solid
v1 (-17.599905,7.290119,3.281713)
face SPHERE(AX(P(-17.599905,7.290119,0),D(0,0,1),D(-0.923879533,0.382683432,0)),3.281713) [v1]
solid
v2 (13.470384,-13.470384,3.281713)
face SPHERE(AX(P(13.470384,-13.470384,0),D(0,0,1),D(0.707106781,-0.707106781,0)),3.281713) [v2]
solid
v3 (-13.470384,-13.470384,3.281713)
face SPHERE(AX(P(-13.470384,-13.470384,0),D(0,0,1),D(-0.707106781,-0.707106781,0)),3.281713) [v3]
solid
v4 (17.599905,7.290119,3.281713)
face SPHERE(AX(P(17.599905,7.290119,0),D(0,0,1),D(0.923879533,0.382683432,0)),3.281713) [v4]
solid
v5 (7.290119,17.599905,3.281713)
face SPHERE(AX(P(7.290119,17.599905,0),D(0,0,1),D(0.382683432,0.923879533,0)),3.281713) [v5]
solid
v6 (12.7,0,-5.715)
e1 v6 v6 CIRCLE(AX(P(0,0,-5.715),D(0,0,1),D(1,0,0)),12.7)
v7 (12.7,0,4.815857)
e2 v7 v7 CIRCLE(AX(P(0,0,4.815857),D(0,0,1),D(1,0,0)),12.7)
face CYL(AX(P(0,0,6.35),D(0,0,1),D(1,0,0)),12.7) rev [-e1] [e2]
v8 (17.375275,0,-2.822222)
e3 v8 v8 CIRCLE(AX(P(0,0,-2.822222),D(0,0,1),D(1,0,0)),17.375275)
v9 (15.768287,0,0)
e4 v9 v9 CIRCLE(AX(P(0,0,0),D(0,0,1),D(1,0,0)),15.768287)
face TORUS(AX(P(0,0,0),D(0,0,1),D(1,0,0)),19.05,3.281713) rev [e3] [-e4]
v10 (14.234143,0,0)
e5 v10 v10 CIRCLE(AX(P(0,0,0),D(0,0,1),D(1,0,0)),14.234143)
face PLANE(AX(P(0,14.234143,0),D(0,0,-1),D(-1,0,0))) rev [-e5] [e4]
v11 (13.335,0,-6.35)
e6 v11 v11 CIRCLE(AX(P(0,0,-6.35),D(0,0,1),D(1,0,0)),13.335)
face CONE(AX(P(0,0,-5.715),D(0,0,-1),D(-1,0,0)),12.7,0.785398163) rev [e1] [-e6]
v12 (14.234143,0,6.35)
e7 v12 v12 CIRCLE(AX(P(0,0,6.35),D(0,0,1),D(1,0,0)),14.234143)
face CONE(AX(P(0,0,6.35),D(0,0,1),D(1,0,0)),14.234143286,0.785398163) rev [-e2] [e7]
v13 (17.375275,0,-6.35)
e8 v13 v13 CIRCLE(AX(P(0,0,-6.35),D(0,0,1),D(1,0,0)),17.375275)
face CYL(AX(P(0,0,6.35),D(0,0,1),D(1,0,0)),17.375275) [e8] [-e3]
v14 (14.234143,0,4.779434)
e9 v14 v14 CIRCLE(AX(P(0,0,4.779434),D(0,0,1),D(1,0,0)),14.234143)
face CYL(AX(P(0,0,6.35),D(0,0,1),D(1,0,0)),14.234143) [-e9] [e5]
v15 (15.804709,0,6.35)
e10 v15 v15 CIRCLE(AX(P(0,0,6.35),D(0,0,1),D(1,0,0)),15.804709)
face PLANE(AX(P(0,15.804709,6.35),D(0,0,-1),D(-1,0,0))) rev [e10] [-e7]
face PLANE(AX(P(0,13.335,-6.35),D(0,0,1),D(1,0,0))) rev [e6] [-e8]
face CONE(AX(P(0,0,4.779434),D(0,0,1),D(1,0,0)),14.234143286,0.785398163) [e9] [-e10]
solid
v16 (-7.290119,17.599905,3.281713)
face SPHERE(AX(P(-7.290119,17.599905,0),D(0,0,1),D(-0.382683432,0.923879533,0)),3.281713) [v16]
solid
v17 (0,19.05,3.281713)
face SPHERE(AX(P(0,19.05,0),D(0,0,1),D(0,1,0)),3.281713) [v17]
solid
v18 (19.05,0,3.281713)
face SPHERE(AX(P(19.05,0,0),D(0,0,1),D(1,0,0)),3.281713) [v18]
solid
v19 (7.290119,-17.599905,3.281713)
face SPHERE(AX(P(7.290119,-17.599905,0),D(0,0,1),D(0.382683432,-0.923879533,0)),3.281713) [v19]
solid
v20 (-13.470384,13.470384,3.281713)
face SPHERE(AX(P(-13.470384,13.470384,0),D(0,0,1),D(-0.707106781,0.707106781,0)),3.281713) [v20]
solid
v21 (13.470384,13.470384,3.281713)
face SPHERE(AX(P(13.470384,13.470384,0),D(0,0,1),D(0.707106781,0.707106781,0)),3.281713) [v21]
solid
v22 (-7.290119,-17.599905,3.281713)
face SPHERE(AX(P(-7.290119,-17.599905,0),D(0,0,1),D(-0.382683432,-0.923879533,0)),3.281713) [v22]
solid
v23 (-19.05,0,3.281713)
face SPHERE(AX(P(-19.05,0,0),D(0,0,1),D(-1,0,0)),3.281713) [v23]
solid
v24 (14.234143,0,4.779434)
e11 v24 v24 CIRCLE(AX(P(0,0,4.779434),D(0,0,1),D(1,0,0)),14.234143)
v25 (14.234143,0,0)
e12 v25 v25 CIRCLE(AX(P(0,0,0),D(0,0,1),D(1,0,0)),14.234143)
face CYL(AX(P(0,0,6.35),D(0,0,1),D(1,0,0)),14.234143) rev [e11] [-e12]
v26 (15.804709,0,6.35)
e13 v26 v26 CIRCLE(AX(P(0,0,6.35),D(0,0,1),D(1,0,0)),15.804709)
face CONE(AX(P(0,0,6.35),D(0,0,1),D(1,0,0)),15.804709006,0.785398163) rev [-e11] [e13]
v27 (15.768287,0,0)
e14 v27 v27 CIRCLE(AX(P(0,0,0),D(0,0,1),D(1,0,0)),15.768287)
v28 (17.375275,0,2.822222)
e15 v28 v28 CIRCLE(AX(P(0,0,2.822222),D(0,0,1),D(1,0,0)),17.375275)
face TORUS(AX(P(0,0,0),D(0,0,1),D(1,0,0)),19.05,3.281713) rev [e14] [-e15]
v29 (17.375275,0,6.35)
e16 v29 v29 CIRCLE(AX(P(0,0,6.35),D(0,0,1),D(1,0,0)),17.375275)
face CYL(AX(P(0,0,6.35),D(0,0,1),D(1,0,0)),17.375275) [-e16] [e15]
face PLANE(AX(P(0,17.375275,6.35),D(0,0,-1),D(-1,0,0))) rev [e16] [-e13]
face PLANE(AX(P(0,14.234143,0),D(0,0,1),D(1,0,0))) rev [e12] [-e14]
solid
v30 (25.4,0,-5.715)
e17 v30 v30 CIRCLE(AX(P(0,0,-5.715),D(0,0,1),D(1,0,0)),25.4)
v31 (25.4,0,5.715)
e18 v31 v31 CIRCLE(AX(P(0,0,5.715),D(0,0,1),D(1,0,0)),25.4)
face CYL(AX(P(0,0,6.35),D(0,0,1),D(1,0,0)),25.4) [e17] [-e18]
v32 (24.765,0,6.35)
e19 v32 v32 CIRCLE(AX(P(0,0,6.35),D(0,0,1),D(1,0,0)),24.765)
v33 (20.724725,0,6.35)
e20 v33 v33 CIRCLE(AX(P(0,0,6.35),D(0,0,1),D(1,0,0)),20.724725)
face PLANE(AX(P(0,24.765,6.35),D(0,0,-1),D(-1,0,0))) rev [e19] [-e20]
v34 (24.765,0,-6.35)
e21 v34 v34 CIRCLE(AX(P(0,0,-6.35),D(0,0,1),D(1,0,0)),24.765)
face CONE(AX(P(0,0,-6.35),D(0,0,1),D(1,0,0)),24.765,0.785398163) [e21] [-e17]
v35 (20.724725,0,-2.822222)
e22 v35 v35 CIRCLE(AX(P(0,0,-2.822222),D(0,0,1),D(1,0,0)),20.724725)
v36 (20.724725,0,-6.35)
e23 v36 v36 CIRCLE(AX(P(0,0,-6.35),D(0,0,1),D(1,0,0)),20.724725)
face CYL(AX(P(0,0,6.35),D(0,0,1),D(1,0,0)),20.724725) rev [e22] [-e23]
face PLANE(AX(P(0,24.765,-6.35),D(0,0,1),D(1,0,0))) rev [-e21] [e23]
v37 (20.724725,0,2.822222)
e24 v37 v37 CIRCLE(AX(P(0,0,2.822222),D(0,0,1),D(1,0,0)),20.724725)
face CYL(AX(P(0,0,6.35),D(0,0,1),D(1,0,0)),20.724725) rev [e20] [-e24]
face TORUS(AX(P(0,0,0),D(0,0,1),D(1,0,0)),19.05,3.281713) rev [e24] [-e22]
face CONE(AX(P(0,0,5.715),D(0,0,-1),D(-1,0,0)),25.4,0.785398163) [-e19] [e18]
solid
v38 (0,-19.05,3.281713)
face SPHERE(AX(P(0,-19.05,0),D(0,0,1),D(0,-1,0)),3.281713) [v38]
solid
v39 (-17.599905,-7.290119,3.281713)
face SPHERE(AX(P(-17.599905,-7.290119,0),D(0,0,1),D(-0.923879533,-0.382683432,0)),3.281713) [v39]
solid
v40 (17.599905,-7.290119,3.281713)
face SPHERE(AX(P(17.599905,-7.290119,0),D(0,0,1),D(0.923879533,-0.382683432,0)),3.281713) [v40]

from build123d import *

# Parameters (mm, degrees)
CIRPATTERN1_COUNT = 16


with BuildPart() as part:
    # Sketch1 → Revolve1 (revolve)
    with BuildSketch(Plane(origin=(0, 0, 0), x_dir=(0, 0, -1), z_dir=(1, 0, 0)), mode=Mode.PRIVATE) as revolve1_sk:
        with BuildLine():
            Line((5.715, 25.4), (-5.715, 25.4))
            Line((-5.715, 25.4), (-6.35, 24.765))
            Line((-6.35, 24.765), (-6.35, 20.724725275))
            Line((-6.35, 20.724725275), (-2.822222222, 20.724725275))
            ThreePointArc((-2.822222222, 20.724725275), (0, 22.331713427), (2.822222222, 20.724725275))
            Line((2.822222222, 20.724725275), (6.35, 20.724725275))
            Line((6.35, 20.724725275), (6.35, 24.765))
            Line((6.35, 24.765), (5.715, 25.4))
        make_face()
    revolve(revolve1_sk.sketch.rotate(Axis((0, 0, 6.35), (0, 0, -1)), 90), axis=Axis((0, 0, 6.35), (0, 0, -1)))  # turned: the seam where the file's is


with BuildPart() as body_2:
    # Sketch2 → Revolve2 (revolve)
    with BuildSketch(Plane(origin=(0, 0, 0), x_dir=(0, 0, -1), z_dir=(1, 0, 0)), mode=Mode.PRIVATE) as revolve2_sk:
        with BuildLine():
            Line((-6.35, 17.375274725), (-2.822222222, 17.375274725))
            ThreePointArc((-2.822222222, 17.375274725), (-1.623834135, 16.198192552), (0, 15.768286573))
            Line((0, 15.768286573), (0, 14.234143286))
            Line((0, 14.234143286), (-4.779434281, 14.234143286))
            Line((-4.779434281, 14.234143286), (-6.35, 15.804709006))
            Line((-6.35, 15.804709006), (-6.35, 17.375274725))
        make_face()
    revolve(revolve2_sk.sketch.rotate(Axis((0, 0, 6.35), (0, 0, -1)), 90), axis=Axis((0, 0, 6.35), (0, 0, -1)))  # turned: the seam where the file's is


with BuildPart() as body_3:
    # Sketch3 → Revolve3 (revolve)
    with BuildSketch(Plane(origin=(0, 0, 0), x_dir=(0, 0, -1), z_dir=(1, 0, 0)), mode=Mode.PRIVATE) as revolve3_sk:
        with BuildLine():
            Line((-6.35, 15.804709006), (-4.779434281, 14.234143286))
            Line((-4.779434281, 14.234143286), (0, 14.234143286))
            Line((0, 14.234143286), (0, 15.768286573))
            ThreePointArc((0, 15.768286573), (1.623834135, 16.198192552), (2.822222222, 17.375274725))
            Line((2.822222222, 17.375274725), (6.35, 17.375274725))
            Line((6.35, 17.375274725), (6.35, 13.335))
            Line((6.35, 13.335), (5.715, 12.7))
            Line((5.715, 12.7), (-4.815856714, 12.7))
            Line((-4.815856714, 12.7), (-6.35, 14.234143286))
            Line((-6.35, 14.234143286), (-6.35, 15.804709006))
        make_face()
    revolve(revolve3_sk.sketch.rotate(Axis((0, 0, 6.35), (0, 0, -1)), 90), axis=Axis((0, 0, 6.35), (0, 0, -1)))  # turned: the seam where the file's is


with BuildPart() as body_4:
    # Sketch4 → Revolve4 (revolve)
    with BuildSketch(Plane(origin=(0, 0, 0), x_dir=(0, 0, -1), z_dir=(1, 0, 0))):
        with BuildLine():
            Line((-3.281713427, 19.05), (3.281713427, 19.05))
            ThreePointArc((3.281713427, 19.05), (0, 22.331713427), (-3.281713427, 19.05))
        make_face()
    revolve(axis=Axis((0, 19.05, 3.281713427), (0, 0, -1)))


with BuildPart() as cirpattern1_1:
    # CirPattern1: pattern copy
    add(body_4.part.rotate(Axis((0, 0, 0), (0, 0, 1)), 1 * 360 / CIRPATTERN1_COUNT))


with BuildPart() as cirpattern1_2:
    # CirPattern1: pattern copy
    add(body_4.part.rotate(Axis((0, 0, 0), (0, 0, 1)), 2 * 360 / CIRPATTERN1_COUNT))


with BuildPart() as cirpattern1_3:
    # CirPattern1: pattern copy
    add(body_4.part.rotate(Axis((0, 0, 0), (0, 0, 1)), 3 * 360 / CIRPATTERN1_COUNT))


with BuildPart() as cirpattern1_4:
    # CirPattern1: pattern copy
    add(body_4.part.rotate(Axis((0, 0, 0), (0, 0, 1)), 4 * 360 / CIRPATTERN1_COUNT))


with BuildPart() as cirpattern1_5:
    # CirPattern1: pattern copy
    add(body_4.part.rotate(Axis((0, 0, 0), (0, 0, 1)), 5 * 360 / CIRPATTERN1_COUNT))


with BuildPart() as cirpattern1_6:
    # CirPattern1: pattern copy
    add(body_4.part.rotate(Axis((0, 0, 0), (0, 0, 1)), 6 * 360 / CIRPATTERN1_COUNT))


with BuildPart() as cirpattern1_7:
    # CirPattern1: pattern copy
    add(body_4.part.rotate(Axis((0, 0, 0), (0, 0, 1)), 7 * 360 / CIRPATTERN1_COUNT))


with BuildPart() as cirpattern1_8:
    # CirPattern1: pattern copy
    add(body_4.part.rotate(Axis((0, 0, 0), (0, 0, 1)), 8 * 360 / CIRPATTERN1_COUNT))


with BuildPart() as cirpattern1_9:
    # CirPattern1: pattern copy
    add(body_4.part.rotate(Axis((0, 0, 0), (0, 0, 1)), 9 * 360 / CIRPATTERN1_COUNT))


with BuildPart() as cirpattern1_10:
    # CirPattern1: pattern copy
    add(body_4.part.rotate(Axis((0, 0, 0), (0, 0, 1)), 10 * 360 / CIRPATTERN1_COUNT))


with BuildPart() as cirpattern1_11:
    # CirPattern1: pattern copy
    add(body_4.part.rotate(Axis((0, 0, 0), (0, 0, 1)), 11 * 360 / CIRPATTERN1_COUNT))


with BuildPart() as cirpattern1_12:
    # CirPattern1: pattern copy
    add(body_4.part.rotate(Axis((0, 0, 0), (0, 0, 1)), 12 * 360 / CIRPATTERN1_COUNT))


with BuildPart() as cirpattern1_13:
    # CirPattern1: pattern copy
    add(body_4.part.rotate(Axis((0, 0, 0), (0, 0, 1)), 13 * 360 / CIRPATTERN1_COUNT))


with BuildPart() as cirpattern1_14:
    # CirPattern1: pattern copy
    add(body_4.part.rotate(Axis((0, 0, 0), (0, 0, 1)), 14 * 360 / CIRPATTERN1_COUNT))


with BuildPart() as cirpattern1_15:
    # CirPattern1: pattern copy
    add(body_4.part.rotate(Axis((0, 0, 0), (0, 0, 1)), 15 * 360 / CIRPATTERN1_COUNT))


solid = Compound([part.part, body_2.part, body_3.part, body_4.part, cirpattern1_1.part, cirpattern1_2.part, cirpattern1_3.part, cirpattern1_4.part, cirpattern1_5.part, cirpattern1_6.part, cirpattern1_7.part, cirpattern1_8.part, cirpattern1_9.part, cirpattern1_10.part, cirpattern1_11.part, cirpattern1_12.part, cirpattern1_13.part, cirpattern1_14.part, cirpattern1_15.part])
